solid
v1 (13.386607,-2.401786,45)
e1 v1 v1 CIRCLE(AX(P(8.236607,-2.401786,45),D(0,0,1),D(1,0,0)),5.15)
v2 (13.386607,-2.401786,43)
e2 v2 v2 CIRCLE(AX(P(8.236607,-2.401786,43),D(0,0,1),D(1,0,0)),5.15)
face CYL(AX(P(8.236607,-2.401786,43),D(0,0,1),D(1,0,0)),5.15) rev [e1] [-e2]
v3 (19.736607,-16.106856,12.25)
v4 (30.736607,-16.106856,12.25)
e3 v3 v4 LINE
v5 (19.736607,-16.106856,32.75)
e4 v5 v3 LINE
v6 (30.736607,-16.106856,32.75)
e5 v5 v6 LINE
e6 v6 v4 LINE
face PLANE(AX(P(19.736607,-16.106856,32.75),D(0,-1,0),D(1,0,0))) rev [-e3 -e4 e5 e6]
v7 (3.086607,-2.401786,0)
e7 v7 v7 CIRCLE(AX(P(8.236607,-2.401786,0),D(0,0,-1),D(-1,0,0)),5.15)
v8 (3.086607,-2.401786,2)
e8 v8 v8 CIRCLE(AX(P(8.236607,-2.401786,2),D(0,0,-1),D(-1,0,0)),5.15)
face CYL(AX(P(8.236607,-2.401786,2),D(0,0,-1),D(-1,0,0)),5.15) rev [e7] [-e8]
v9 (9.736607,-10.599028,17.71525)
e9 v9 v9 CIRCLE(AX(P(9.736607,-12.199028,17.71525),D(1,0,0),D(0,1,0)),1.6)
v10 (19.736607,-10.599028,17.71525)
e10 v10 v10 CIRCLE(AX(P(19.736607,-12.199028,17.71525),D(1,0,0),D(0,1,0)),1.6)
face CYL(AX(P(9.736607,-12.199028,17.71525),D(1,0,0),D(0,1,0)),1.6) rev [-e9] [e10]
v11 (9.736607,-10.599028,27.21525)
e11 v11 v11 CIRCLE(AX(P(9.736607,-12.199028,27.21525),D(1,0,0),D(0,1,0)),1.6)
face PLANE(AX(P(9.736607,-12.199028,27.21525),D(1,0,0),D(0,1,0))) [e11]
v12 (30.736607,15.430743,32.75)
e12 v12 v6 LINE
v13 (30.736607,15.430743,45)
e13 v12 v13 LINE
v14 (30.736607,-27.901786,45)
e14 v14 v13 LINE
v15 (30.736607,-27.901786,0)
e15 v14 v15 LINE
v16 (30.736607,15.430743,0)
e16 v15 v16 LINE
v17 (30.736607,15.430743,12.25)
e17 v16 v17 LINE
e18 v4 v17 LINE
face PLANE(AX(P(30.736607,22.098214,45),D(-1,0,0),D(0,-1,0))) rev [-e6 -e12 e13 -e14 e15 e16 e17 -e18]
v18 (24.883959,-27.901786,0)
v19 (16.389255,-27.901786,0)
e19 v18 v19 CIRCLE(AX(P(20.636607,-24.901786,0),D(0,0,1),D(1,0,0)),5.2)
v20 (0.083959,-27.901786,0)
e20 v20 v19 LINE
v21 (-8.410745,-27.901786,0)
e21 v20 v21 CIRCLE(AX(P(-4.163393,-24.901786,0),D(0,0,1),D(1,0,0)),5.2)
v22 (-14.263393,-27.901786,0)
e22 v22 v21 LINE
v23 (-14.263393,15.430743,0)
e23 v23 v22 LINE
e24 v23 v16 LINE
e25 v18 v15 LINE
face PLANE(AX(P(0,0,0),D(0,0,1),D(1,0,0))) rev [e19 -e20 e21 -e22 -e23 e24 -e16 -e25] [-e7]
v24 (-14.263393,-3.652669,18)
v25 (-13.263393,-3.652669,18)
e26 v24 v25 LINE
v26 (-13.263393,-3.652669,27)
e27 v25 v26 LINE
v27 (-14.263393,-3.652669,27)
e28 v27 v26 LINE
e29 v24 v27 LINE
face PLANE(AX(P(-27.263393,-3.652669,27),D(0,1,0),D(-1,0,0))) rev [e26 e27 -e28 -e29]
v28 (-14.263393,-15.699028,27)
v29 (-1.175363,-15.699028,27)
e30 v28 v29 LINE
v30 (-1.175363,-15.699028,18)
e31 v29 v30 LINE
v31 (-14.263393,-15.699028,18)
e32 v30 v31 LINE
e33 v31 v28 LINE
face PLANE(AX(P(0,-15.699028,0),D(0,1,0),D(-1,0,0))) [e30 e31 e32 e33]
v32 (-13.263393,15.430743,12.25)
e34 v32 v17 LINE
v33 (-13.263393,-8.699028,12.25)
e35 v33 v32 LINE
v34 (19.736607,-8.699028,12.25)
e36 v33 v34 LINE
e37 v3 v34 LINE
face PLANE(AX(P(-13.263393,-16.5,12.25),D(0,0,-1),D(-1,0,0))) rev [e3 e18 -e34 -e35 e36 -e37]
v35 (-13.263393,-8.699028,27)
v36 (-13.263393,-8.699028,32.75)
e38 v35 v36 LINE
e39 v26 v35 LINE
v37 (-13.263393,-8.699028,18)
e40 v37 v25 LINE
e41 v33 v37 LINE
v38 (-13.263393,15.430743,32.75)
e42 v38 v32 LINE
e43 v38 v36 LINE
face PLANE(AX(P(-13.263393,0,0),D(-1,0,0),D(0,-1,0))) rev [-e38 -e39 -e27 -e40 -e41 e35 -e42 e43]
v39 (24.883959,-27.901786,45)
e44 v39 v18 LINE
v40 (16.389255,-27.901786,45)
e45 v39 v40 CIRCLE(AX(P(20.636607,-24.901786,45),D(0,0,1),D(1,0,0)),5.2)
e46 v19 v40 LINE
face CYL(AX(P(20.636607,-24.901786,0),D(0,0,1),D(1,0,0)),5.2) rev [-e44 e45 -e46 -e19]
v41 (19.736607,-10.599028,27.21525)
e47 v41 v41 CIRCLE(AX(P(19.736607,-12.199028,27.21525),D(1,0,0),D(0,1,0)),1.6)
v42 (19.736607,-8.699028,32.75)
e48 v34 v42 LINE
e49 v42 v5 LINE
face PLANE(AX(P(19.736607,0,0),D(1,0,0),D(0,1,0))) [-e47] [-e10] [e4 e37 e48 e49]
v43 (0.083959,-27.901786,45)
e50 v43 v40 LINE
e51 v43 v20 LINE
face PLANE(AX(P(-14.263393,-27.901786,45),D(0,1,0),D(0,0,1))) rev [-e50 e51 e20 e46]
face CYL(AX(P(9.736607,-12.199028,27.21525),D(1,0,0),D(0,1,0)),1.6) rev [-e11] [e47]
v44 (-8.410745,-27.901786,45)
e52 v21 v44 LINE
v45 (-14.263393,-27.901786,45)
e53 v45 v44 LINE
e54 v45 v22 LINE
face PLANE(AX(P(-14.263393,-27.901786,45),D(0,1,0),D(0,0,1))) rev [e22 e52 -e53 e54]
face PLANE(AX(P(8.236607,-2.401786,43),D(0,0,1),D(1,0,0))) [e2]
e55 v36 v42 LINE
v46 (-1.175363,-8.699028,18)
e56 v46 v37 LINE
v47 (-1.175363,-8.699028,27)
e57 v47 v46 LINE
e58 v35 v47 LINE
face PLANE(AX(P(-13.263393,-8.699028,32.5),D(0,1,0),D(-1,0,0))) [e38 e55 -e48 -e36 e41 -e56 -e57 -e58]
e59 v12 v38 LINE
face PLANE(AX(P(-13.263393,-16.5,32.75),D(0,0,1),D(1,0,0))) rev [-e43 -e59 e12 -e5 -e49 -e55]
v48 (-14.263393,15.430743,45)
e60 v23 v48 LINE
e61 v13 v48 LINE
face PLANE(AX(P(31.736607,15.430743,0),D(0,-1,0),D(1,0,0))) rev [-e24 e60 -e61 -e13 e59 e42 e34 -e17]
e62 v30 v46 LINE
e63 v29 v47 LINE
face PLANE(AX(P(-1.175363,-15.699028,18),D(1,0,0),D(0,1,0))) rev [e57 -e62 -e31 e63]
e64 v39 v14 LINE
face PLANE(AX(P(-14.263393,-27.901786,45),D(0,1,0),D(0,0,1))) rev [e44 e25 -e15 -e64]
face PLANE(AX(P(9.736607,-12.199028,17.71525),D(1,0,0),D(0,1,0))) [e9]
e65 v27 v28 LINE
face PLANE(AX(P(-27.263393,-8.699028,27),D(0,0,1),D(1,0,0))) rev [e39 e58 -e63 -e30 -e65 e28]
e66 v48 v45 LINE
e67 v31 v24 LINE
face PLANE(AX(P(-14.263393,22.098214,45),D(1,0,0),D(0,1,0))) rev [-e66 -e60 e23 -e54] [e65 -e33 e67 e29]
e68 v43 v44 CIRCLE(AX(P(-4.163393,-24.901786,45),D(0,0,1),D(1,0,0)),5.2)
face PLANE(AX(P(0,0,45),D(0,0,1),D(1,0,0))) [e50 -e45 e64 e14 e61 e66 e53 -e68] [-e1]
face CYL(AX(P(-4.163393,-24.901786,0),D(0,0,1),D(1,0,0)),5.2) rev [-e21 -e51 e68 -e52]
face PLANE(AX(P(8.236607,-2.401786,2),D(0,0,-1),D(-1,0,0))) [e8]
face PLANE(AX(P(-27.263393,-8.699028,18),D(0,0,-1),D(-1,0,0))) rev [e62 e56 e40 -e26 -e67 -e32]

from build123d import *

# Parameters (mm, degrees)
SKETCH1_W                = 45
SKETCH1_H                = 50
BOSS_EXTRUDE1_DEPTH      = 45
SKETCH2_R                = 5.2
CUT_EXTRUDE1_DEPTH       = 45
SKETCH9_R                = 5.15
CUT_EXTRUDE6_DEPTH       = 2
SKETCH10_R               = 5.15
CUT_EXTRUDE7_DEPTH       = 2
SKETCH12_R               = 12.7
CUT_EXTRUDE8_DEPTH       = 46
SKETCH13_W               = 45
SKETCH13_H               = 6.66747138
CUT_EXTRUDE9_DEPTH       = 46
SKETCH16_R               = 13.25
SKETCH16_R_2             = 3.75
BOSS_EXTRUDE3_DEPTH      = 2
SKETCH20_R               = 12.7
BOSS_EXTRUDE4_DEPTH      = 45
SKETCH21_W               = 20.5
SKETCH21_H               = 40.5
CUT_EXTRUDE10_DEPTH      = 44
SKETCH22_R               = 2.15
BOSS_EXTRUDE5_DEPTH      = 44
SKETCH26_W               = 5.127085864
SKETCH26_H               = 8
CUT_EXTRUDE16_DEPTH      = 7
SKETCH28_R               = 2.15
BOSS_EXTRUDE6_DEPTH      = 44
SKETCH29_R               = 2.15
CUT_EXTRUDE18_DEPTH      = 10
SKETCH30_W               = 8
SKETCH30_H               = 7
CUT_EXTRUDE19_DEPTH      = 7
CUT_EXTRUDE19_DEPTH_BACK = 7
SKETCH31_W               = 20.5
SKETCH31_H               = 7.407828578
CUT_EXTRUDE20_DEPTH      = 11
SKETCH32_W               = 9
SKETCH32_H               = 5.046358254
CUT_EXTRUDE21_DEPTH      = 14
SKETCH33_W               = 8.088030226
SKETCH33_H               = 9
CUT_EXTRUDE22_DEPTH      = 7
SKETCH34_R               = 1.6
CUT_EXTRUDE23_DEPTH      = 10
SKETCH35_W               = 5
SKETCH35_H               = 9
CUT_EXTRUDE24_DEPTH      = 7


with BuildPart() as part:
    # Sketch1 → Boss-Extrude1 (new body)
    with BuildSketch(Plane.XY):
        with Locations((8.236607143, -2.901785714)):
            Rectangle(SKETCH1_W, SKETCH1_H)
    extrude(amount=BOSS_EXTRUDE1_DEPTH)

    # Sketch2 → Cut-Extrude1 (cut)
    with BuildSketch(Plane.XY.offset(45)):
        with Locations((-4.163392857, -24.901785714)):
            Circle(SKETCH2_R)
        with Locations((20.636607143, -24.901785714)):
            Circle(SKETCH2_R)
    extrude(amount=-CUT_EXTRUDE1_DEPTH, mode=Mode.SUBTRACT)

    # Sketch9 → Cut-Extrude6 (cut)
    with BuildSketch(Plane.XY.offset(45)):
        with Locations((8.236607143, -2.401785714)):
            Circle(SKETCH9_R)
    extrude(amount=-CUT_EXTRUDE6_DEPTH, mode=Mode.SUBTRACT)

    # Sketch10 → Cut-Extrude7 (cut)
    with BuildSketch(Plane(origin=(0, 0, 0), x_dir=(-1, 0, 0), z_dir=(0, 0, -1))):
        with Locations((-8.236607143, -2.401785714)):
            Circle(SKETCH10_R)
    extrude(amount=-CUT_EXTRUDE7_DEPTH, mode=Mode.SUBTRACT)

    # Sketch12 → Cut-Extrude8 (cut)
    with BuildSketch(Plane.ZY.offset(14.263392857)):
        with Locations((22.5, 0)):
            Circle(SKETCH12_R)
    extrude(amount=-CUT_EXTRUDE8_DEPTH, mode=Mode.SUBTRACT)

    # Sketch13 → Cut-Extrude9 (cut)
    with BuildSketch(Plane.ZY.offset(14.263392857)):
        with Locations((22.5, 18.764478596)):
            Rectangle(SKETCH13_W, SKETCH13_H)
    extrude(amount=-CUT_EXTRUDE9_DEPTH, mode=Mode.SUBTRACT)

    # Sketch16 → Boss-Extrude3 (add)
    with BuildSketch(Plane(origin=(30.736607143, 0, 0), x_dir=(0, 0, -1), z_dir=(1, 0, 0))):
        with Locations((-22.5, 0)):
            Circle(SKETCH16_R)
        with Locations((-22.5, 0)):
            Circle(SKETCH16_R_2, mode=Mode.SUBTRACT)
    extrude(amount=-BOSS_EXTRUDE3_DEPTH)

    # Sketch20 → Boss-Extrude4 (add)
    with BuildSketch(Plane.ZY.offset(14.263392857)):
        with Locations((22.5, 0)):
            Circle(SKETCH20_R)
    extrude(amount=-BOSS_EXTRUDE4_DEPTH)

    # Sketch21 → Cut-Extrude10 (cut)
    with BuildSketch(Plane(origin=(30.736607143, 0, 0), x_dir=(0, 0, -1), z_dir=(1, 0, 0))):
        with Locations((-22.5, 3.75)):
            Rectangle(SKETCH21_W, SKETCH21_H)
    extrude(amount=-CUT_EXTRUDE10_DEPTH, mode=Mode.SUBTRACT)

    # Sketch22 → Boss-Extrude5 (add)
    with BuildSketch(Plane(origin=(30.736607143, 0, 0), x_dir=(0, 0, -1), z_dir=(1, 0, 0))):
        Polygon((-32.5, -8.699027625), (-12.5, -8.699027625), (-12.25, -8.699027625), (-12.25, -16.5), (-32.75, -16.5), (-32.75, -8.699027625), align=None)
        with Locations((-27.215250341, -10.949027625)):
            Circle(SKETCH22_R, mode=Mode.SUBTRACT)
        with Locations((-17.715250341, -10.949027625)):
            Circle(SKETCH22_R, mode=Mode.SUBTRACT)
    extrude(amount=-BOSS_EXTRUDE5_DEPTH)

    # Sketch26 → Cut-Extrude16 (cut)
    with BuildSketch(Plane(origin=(0, -8.699027625, 0), x_dir=(1, 0, 0), z_dir=(0, 1, 0))):
        with Locations((-10.699849925, -22.5)):
            Rectangle(SKETCH26_W, SKETCH26_H)
    extrude(amount=-CUT_EXTRUDE16_DEPTH, mode=Mode.SUBTRACT)

    # Sketch28 → Boss-Extrude6 (add)
    with BuildSketch(Plane(origin=(30.736607143, 0, 0), x_dir=(0, 0, -1), z_dir=(1, 0, 0))):
        with Locations((-27.215250341, -10.949027625)):
            Circle(SKETCH28_R)
        with Locations((-17.715250341, -10.949027625)):
            Circle(SKETCH28_R)
    extrude(amount=-BOSS_EXTRUDE6_DEPTH)

    # Sketch29 → Cut-Extrude18 (cut)
    with BuildSketch(Plane(origin=(30.736607143, 0, 0), x_dir=(0, 0, -1), z_dir=(1, 0, 0))):
        with Locations((-27.215250341, -12.199027625)):
            Circle(SKETCH29_R)
        with Locations((-17.715250341, -12.199027625)):
            Circle(SKETCH29_R)
    extrude(amount=-CUT_EXTRUDE18_DEPTH, mode=Mode.SUBTRACT)

    # Sketch30 → Cut-Extrude19 (cut, two sides)
    with BuildSketch(Plane(origin=(-13.263392857, 0, 0), x_dir=(0, 0, -1), z_dir=(1, 0, 0))) as cut_extrude19_sk:
        with Locations((-22.5, -12.199027625)):
            Rectangle(SKETCH30_W, SKETCH30_H)
    extrude(amount=CUT_EXTRUDE19_DEPTH, mode=Mode.SUBTRACT)
    extrude(cut_extrude19_sk.sketch, amount=-CUT_EXTRUDE19_DEPTH_BACK, mode=Mode.SUBTRACT)

    # Sketch31 → Cut-Extrude20 (cut)
    with BuildSketch(Plane(origin=(30.736607143, 0, 0), x_dir=(0, 0, -1), z_dir=(1, 0, 0))):
        with Locations((-22.5, -12.402941914)):
            Rectangle(SKETCH31_W, SKETCH31_H)
    extrude(amount=-CUT_EXTRUDE20_DEPTH, mode=Mode.SUBTRACT)

    # Sketch32 → Cut-Extrude21 (cut)
    with BuildSketch(Plane(origin=(-13.263392857, 0, 0), x_dir=(0, 0, -1), z_dir=(1, 0, 0))):
        with Locations((-22.5, -6.175848498)):
            Rectangle(SKETCH32_W, SKETCH32_H)
    extrude(amount=-CUT_EXTRUDE21_DEPTH, mode=Mode.SUBTRACT)

    # Sketch33 → Cut-Extrude22 (cut)
    with BuildSketch(Plane(origin=(0, -8.699027625, 0), x_dir=(1, 0, 0), z_dir=(0, 1, 0))):
        with Locations((-10.219377744, -22.5)):
            Rectangle(SKETCH33_W, SKETCH33_H)
    extrude(amount=-CUT_EXTRUDE22_DEPTH, mode=Mode.SUBTRACT)

    # Sketch34 → Cut-Extrude23 (cut)
    with BuildSketch(Plane(origin=(19.736607143, 0, 0), x_dir=(0, 0, -1), z_dir=(1, 0, 0))):
        with Locations((-27.215250341, -12.199027625)):
            Circle(SKETCH34_R)
        with Locations((-17.715250341, -12.199027625)):
            Circle(SKETCH34_R)
    extrude(amount=-CUT_EXTRUDE23_DEPTH, mode=Mode.SUBTRACT)

    # Sketch35 → Cut-Extrude24 (cut)
    with BuildSketch(Plane(origin=(0, -8.699027625, 0), x_dir=(1, 0, 0), z_dir=(0, 1, 0))):
        with Locations((-3.675362631, -22.5)):
            Rectangle(SKETCH35_W, SKETCH35_H)
    extrude(amount=-CUT_EXTRUDE24_DEPTH, mode=Mode.SUBTRACT)


solid = part.part
